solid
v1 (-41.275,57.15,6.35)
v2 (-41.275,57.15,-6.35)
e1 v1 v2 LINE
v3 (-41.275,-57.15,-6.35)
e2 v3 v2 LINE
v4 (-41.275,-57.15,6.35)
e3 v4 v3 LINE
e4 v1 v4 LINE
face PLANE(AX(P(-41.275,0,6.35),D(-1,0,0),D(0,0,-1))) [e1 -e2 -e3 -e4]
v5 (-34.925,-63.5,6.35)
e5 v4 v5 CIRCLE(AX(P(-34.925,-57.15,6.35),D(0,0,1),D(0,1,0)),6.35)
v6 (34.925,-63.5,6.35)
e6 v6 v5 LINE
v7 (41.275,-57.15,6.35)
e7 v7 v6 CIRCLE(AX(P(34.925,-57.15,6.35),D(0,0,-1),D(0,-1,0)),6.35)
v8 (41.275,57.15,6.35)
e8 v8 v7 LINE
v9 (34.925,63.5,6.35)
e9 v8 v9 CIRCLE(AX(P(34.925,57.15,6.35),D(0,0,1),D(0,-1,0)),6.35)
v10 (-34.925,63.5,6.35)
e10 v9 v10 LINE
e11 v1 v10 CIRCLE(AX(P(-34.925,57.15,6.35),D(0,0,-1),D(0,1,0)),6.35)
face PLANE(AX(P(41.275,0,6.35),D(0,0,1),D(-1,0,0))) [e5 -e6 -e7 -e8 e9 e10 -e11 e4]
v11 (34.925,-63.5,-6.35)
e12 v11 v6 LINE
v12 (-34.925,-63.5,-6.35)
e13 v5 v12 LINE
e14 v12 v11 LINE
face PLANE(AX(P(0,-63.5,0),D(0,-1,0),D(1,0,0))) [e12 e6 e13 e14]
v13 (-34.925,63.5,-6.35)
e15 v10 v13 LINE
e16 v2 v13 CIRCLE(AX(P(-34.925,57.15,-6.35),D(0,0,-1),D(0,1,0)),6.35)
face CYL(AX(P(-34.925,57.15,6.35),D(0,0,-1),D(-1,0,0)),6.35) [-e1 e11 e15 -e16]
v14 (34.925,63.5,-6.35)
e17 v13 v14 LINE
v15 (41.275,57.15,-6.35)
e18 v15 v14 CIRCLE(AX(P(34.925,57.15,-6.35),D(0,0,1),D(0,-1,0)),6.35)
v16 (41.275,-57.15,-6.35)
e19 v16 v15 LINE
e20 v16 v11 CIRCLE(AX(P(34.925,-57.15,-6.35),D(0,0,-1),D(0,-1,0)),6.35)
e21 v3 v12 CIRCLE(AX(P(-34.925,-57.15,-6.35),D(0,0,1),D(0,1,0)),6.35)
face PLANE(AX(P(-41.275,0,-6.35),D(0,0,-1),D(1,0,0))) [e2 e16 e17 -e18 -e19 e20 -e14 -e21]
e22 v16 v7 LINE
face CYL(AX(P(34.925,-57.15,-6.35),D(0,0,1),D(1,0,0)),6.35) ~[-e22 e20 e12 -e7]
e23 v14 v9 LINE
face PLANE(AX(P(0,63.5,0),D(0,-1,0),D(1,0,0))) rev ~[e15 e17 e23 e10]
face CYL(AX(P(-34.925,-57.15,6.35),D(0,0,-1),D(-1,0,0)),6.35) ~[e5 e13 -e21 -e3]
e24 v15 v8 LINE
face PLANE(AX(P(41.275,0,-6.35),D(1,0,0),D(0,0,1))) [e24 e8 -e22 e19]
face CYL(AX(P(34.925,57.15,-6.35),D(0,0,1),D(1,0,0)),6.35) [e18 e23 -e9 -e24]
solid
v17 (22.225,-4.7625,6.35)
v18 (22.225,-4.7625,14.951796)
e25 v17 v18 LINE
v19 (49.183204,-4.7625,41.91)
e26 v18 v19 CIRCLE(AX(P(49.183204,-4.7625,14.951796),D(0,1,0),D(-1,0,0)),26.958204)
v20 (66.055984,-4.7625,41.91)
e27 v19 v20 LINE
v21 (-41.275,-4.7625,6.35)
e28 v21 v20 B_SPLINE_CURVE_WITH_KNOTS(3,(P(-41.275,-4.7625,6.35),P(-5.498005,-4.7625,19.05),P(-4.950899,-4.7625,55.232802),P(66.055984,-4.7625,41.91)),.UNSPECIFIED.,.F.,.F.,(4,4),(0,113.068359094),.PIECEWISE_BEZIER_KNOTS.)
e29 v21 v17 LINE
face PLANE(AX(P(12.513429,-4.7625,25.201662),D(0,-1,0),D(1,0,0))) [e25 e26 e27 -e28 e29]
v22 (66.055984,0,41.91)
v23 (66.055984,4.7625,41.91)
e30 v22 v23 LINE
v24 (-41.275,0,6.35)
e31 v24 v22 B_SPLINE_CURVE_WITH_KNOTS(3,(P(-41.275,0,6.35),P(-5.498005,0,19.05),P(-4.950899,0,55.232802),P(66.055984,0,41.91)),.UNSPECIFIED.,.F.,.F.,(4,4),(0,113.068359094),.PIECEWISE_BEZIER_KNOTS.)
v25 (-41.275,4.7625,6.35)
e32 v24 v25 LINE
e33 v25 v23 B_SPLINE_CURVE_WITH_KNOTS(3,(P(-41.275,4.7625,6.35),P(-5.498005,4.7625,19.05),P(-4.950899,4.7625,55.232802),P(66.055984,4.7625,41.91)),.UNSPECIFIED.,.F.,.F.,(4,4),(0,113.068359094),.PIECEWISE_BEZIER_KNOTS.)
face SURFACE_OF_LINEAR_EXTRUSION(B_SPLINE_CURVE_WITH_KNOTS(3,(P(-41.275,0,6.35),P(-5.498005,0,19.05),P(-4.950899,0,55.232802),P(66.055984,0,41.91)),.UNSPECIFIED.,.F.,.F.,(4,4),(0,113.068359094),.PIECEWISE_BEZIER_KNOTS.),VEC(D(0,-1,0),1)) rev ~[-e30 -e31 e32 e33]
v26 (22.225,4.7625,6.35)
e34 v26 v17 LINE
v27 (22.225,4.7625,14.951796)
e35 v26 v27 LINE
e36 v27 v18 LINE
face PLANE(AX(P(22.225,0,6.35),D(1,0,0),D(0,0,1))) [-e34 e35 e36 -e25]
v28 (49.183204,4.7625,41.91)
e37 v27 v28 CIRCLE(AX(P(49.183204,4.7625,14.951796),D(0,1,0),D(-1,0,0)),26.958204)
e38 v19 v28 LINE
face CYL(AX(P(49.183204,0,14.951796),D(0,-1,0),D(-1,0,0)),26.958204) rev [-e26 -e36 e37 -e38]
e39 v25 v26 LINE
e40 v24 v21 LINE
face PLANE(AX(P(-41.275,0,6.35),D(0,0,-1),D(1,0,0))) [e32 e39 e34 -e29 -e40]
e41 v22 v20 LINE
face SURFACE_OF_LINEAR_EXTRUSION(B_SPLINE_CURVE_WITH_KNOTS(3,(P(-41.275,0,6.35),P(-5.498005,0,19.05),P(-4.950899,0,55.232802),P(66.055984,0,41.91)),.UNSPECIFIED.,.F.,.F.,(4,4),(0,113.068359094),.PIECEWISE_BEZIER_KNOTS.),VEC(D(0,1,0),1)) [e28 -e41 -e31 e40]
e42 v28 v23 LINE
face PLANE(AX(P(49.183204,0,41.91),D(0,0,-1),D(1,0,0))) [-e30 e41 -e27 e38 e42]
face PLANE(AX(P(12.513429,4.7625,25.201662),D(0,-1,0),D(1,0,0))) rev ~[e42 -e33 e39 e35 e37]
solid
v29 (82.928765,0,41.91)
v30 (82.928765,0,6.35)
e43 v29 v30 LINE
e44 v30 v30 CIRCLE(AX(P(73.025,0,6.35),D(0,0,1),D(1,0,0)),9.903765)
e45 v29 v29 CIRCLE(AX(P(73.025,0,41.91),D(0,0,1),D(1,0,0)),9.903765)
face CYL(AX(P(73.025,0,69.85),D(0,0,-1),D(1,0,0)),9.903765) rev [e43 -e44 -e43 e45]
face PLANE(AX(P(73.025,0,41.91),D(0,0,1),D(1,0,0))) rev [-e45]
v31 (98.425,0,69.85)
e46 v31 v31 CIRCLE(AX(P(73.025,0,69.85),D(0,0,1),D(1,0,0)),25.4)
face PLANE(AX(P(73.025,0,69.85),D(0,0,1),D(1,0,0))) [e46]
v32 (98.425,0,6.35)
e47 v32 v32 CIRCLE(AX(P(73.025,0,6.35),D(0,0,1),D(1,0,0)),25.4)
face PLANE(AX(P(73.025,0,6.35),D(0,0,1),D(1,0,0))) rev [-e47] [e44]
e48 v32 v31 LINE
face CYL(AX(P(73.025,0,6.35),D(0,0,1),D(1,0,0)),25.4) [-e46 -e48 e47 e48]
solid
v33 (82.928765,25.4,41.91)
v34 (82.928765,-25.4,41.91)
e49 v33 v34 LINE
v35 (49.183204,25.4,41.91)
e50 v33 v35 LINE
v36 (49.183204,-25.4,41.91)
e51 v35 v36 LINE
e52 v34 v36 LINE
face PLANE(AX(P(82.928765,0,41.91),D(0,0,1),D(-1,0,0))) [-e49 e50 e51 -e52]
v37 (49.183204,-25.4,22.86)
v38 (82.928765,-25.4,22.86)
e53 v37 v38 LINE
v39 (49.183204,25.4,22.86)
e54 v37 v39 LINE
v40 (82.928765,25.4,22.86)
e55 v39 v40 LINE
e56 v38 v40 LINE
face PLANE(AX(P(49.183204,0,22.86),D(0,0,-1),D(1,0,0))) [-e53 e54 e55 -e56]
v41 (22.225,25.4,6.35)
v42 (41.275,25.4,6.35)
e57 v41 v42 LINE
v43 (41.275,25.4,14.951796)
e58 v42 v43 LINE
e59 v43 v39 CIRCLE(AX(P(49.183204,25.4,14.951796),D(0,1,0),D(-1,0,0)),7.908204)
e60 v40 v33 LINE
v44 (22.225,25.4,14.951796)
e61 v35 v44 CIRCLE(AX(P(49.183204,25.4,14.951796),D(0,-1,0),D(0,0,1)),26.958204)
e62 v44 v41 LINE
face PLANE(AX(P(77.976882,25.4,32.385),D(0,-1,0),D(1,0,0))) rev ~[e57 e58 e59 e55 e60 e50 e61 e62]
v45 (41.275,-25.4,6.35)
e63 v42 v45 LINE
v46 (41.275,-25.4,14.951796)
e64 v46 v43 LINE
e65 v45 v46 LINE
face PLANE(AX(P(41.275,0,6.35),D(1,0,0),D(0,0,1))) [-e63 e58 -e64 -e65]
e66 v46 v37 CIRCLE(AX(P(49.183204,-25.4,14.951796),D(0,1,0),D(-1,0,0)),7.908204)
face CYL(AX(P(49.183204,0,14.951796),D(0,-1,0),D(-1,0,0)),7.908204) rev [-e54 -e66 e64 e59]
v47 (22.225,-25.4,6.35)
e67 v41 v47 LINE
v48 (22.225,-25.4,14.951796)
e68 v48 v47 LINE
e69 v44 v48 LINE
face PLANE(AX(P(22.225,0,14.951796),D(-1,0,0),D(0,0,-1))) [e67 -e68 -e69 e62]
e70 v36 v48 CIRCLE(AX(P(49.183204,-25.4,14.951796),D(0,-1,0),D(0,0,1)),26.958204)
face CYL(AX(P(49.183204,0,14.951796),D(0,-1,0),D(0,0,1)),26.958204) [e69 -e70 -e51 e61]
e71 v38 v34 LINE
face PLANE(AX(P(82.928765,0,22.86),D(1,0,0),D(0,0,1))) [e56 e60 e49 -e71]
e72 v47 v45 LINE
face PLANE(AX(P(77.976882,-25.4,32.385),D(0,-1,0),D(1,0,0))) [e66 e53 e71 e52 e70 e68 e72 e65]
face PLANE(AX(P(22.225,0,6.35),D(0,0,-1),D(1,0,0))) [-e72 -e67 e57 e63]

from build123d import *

# Parameters (mm, degrees)
F1_DEPTH = 63.5
F2_DEPTH = 4.7625
F0_W     = 9.9037646581
F0_H     = 19.05
F3_DEPTH = 25.4
F0_H_2   = 27.94
F5_R     = 6.35


with BuildPart() as f1:
    # F0 (on Front) → F1 (new body, symmetric)
    with BuildSketch(Plane.XZ):
        Polygon((41.275, -6.35), (41.275, 6.35), (22.225, 6.35), (-41.275, 6.35), (-41.275, -6.35), align=None)
    extrude(amount=F1_DEPTH, both=True)

    # F5
    f5_edges = [f1.edges().sort_by_distance(p)[0] for p in [
        (41.275, -63.5, 0),
        (-41.275, 63.5, 0),
        (-41.275, -63.5, 0),
        (41.275, 63.5, 0),
    ]]
    fillet(f5_edges, radius=F5_R)


with BuildPart() as f2:
    # F0 (on Front) → F2 (new body, symmetric)
    with BuildSketch(Plane.XZ):
        with BuildLine():
            Line((-41.275, 6.35), (22.225, 6.35))
            Line((22.225, 6.35), (22.225, 14.9517957091))
            ThreePointArc((22.225, 14.9517957091), (30.1208752282, 34.0141247718), (49.1832042909, 41.91))
            Line((49.1832042909, 41.91), (66.0559844745, 41.91))
            add(Edge.make_bspline(
                [(-41.275, 6.35), (-5.4980051752, 19.05), (-4.9508991651, 55.2328024244), (66.0559844745, 41.91)],
                knots=[0, 0, 0, 0, 113.0683590942, 113.0683590942, 113.0683590942, 113.0683590942], degree=3))
        make_face()
    extrude(amount=F2_DEPTH, both=True)


with BuildPart() as f3:
    # F0 (on Front) → F3 (new body, symmetric)
    with BuildSketch(Plane.XZ):
        with Locations((77.976882329, 32.385)):
            Rectangle(F0_W, F0_H)
        with BuildLine():
            Line((22.225, 6.35), (41.275, 6.35))
            Line((41.275, 6.35), (41.275, 14.9517957091))
            ThreePointArc((41.275, 14.9517957091), (43.5912594098, 20.5437405902), (49.1832042909, 22.86))
            Line((49.1832042909, 22.86), (73.025, 22.86))
            Line((73.025, 22.86), (73.025, 41.91))
            Line((73.025, 41.91), (66.0559844745, 41.91))
            Line((66.0559844745, 41.91), (49.1832042909, 41.91))
            ThreePointArc((49.1832042909, 41.91), (30.1208752282, 34.0141247718), (22.225, 14.9517957091))
            Line((22.225, 14.9517957091), (22.225, 6.35))
        make_face()
    extrude(amount=F3_DEPTH, both=True)


with BuildPart() as f4:
    # F0 (on Front) → F4 (revolve)
    with BuildSketch(Plane.XZ):
        Polygon((82.9287646581, 41.91), (82.9287646581, 22.86), (82.9287646581, 6.35), (98.425, 6.35), (98.425, 69.85), (82.9287646581, 69.85), align=None)
        with Locations((77.976882329, 55.88)):
            Rectangle(F0_W, F0_H_2)
    revolve(axis=Axis((73.025, 0, 38.1), (0, 0, 1)))


solid = Compound([f1.part, f2.part, f3.part, f4.part])
